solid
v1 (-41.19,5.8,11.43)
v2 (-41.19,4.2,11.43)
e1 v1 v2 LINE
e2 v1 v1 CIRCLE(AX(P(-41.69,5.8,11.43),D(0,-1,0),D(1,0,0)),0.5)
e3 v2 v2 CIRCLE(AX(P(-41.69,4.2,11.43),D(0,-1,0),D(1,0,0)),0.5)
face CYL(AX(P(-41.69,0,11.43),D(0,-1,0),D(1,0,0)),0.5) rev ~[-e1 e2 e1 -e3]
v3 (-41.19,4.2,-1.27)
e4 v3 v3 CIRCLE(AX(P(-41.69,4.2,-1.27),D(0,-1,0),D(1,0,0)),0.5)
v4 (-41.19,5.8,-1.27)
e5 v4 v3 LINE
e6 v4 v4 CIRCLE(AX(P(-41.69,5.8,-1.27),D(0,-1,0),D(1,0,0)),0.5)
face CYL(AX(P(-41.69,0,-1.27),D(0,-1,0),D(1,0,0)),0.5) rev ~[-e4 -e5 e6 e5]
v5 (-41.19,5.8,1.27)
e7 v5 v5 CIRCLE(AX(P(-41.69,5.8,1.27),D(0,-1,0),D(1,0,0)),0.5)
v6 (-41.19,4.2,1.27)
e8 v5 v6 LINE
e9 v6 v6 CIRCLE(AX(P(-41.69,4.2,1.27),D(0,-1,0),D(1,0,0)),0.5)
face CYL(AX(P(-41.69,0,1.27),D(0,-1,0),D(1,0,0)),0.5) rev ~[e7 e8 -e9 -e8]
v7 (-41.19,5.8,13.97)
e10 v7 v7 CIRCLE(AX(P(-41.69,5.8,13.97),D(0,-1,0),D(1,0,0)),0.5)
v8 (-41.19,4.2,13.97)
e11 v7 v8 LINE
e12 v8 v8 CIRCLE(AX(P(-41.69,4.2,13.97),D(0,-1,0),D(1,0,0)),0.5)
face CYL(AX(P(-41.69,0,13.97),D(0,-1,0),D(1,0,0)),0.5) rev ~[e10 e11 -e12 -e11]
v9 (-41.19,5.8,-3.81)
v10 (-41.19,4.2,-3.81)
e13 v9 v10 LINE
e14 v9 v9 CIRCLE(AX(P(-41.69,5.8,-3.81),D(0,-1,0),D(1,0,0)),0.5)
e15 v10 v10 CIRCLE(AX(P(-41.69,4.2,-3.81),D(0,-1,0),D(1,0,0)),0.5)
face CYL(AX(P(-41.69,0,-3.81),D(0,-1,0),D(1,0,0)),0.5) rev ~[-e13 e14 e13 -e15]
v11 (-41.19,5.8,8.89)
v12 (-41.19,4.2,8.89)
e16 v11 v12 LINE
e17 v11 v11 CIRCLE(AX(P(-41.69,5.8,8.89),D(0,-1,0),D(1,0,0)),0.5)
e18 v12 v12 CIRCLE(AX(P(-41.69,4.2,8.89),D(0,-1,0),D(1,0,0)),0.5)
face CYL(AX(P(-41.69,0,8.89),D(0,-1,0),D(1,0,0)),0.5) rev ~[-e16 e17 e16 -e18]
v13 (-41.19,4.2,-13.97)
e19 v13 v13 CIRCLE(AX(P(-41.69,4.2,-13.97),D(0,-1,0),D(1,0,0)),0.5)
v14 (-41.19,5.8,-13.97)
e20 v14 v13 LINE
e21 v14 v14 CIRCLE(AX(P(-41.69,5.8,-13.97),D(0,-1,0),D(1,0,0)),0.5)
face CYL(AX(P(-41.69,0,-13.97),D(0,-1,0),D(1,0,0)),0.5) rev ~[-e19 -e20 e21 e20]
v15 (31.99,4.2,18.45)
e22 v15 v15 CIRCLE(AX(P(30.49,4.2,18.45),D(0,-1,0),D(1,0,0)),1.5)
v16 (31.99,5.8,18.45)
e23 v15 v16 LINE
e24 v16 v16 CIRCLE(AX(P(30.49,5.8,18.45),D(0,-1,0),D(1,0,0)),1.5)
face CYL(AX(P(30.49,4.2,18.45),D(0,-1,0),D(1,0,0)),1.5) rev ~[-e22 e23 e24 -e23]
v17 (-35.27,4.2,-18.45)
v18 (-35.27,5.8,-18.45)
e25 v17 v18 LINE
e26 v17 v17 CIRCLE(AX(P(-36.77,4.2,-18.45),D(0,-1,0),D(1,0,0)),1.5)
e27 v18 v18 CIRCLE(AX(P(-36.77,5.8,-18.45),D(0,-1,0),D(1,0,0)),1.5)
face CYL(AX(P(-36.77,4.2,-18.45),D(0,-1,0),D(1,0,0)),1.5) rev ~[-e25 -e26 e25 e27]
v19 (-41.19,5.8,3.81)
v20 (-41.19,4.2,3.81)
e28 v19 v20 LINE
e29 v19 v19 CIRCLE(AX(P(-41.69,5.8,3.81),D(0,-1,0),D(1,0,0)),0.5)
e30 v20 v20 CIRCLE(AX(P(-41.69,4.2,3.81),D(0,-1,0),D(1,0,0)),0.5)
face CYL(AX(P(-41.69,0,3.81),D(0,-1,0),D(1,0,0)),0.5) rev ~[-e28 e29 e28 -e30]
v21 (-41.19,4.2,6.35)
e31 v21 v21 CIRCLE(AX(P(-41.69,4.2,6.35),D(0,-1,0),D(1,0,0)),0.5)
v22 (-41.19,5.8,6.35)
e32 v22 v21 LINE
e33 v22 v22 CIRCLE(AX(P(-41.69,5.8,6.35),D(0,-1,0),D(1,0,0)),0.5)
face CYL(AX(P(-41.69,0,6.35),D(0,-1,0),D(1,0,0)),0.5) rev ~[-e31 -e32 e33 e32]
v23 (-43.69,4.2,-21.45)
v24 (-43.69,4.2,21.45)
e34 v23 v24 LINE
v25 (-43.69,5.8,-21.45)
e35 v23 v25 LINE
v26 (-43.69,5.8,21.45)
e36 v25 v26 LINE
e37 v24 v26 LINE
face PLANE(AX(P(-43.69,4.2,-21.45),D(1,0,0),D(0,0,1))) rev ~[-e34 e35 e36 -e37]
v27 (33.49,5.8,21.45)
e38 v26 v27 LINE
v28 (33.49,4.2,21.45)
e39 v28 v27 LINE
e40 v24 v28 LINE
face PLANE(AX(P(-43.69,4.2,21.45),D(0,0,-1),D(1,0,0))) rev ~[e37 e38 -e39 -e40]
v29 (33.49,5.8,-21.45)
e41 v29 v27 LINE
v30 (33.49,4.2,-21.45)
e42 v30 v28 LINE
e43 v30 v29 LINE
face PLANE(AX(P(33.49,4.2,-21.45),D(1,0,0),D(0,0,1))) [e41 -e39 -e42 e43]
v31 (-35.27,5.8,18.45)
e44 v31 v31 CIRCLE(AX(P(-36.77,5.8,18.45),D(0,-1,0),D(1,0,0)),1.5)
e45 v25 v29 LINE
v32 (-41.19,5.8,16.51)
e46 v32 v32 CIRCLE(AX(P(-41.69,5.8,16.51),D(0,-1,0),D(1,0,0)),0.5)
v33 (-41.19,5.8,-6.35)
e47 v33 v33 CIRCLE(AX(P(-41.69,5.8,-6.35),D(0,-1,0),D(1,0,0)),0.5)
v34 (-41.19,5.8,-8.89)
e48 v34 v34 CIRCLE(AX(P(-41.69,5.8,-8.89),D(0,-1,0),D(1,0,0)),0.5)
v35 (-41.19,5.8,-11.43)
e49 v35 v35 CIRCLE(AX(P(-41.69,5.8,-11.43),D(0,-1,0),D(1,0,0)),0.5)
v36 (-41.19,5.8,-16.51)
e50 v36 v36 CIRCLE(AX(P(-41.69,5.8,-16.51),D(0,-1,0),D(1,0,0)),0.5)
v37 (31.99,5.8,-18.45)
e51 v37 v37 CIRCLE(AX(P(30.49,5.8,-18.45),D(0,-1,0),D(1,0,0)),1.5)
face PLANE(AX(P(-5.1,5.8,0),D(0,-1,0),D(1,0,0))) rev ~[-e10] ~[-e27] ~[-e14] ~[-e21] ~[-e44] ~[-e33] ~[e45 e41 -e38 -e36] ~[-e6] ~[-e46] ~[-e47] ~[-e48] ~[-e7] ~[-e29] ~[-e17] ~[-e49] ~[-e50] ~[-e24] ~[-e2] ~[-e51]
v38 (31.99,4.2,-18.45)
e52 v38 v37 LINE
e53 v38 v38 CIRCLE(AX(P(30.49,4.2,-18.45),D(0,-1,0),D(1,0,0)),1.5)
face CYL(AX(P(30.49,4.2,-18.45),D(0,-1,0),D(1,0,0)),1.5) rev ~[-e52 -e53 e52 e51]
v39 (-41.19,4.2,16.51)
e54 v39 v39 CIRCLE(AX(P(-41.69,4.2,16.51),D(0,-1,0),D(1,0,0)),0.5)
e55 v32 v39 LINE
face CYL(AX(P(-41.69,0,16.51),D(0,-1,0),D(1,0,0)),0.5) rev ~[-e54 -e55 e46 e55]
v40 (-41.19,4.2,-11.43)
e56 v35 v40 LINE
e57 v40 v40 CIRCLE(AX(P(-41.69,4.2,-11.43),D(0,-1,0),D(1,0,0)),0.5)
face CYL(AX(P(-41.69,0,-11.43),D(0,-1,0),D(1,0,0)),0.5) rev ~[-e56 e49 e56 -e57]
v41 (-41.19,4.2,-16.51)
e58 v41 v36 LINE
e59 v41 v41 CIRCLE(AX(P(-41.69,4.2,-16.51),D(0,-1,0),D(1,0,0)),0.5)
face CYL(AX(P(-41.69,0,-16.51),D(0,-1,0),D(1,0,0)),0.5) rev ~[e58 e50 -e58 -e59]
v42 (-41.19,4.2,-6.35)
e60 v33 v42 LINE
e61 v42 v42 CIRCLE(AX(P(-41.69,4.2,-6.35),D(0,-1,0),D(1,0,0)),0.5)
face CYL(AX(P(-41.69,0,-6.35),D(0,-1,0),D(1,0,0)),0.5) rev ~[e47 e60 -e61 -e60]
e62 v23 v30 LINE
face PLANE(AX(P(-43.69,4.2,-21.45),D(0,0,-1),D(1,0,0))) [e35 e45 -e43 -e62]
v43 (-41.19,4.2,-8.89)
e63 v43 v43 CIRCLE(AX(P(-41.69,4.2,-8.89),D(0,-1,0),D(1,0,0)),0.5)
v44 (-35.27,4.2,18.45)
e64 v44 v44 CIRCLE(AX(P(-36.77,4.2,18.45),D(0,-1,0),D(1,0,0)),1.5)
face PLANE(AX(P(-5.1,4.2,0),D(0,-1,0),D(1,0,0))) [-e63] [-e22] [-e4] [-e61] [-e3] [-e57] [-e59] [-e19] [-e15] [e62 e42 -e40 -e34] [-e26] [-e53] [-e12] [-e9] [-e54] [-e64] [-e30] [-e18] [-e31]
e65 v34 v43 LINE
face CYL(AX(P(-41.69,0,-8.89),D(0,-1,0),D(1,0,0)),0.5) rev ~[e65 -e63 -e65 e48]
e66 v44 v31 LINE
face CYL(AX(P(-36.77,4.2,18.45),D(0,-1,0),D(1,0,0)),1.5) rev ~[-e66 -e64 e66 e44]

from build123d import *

# Parameters (mm, degrees)
SKETCH002_W         = 77.18
SKETCH002_H         = 42.9
SKETCH002_R         = 1.5
PAD002_DEPTH        = 1.6
SKETCH004_R         = 0.5
POCKET_DEPTH        = 5.801
POCKET_DEPTH_BACK   = 0.001
LINEARPATTERN_COUNT = 14
LINEARPATTERN_PITCH = 2.54


with BuildPart() as part:
    # Sketch002 → Pad002 (new body)
    with BuildSketch(Plane.XZ.offset(-4.2)):
        with Locations((-5.1, 0)):
            Rectangle(SKETCH002_W, SKETCH002_H)
        with Locations((30.49, 18.45)):
            Circle(SKETCH002_R, mode=Mode.SUBTRACT)
        with Locations((30.49, -18.45)):
            Circle(SKETCH002_R, mode=Mode.SUBTRACT)
        with Locations((-36.77, -18.45)):
            Circle(SKETCH002_R, mode=Mode.SUBTRACT)
        with Locations((-36.77, 18.45)):
            Circle(SKETCH002_R, mode=Mode.SUBTRACT)
    extrude(amount=-PAD002_DEPTH)

    # Sketch004 → Pocket (cut, two sides)
    with BuildSketch(Plane.XZ) as pocket_sk:
        with Locations((-41.69, -16.51)):
            Circle(SKETCH004_R)
    pocket = extrude(amount=-POCKET_DEPTH, mode=Mode.SUBTRACT) + extrude(pocket_sk.sketch, amount=POCKET_DEPTH_BACK, mode=Mode.SUBTRACT)

    # LinearPattern: Pocket ×14
    with Locations(*[(0, 0, i * LINEARPATTERN_PITCH) for i in range(1, LINEARPATTERN_COUNT)]):
        add(pocket, mode=Mode.SUBTRACT)


solid = part.part
